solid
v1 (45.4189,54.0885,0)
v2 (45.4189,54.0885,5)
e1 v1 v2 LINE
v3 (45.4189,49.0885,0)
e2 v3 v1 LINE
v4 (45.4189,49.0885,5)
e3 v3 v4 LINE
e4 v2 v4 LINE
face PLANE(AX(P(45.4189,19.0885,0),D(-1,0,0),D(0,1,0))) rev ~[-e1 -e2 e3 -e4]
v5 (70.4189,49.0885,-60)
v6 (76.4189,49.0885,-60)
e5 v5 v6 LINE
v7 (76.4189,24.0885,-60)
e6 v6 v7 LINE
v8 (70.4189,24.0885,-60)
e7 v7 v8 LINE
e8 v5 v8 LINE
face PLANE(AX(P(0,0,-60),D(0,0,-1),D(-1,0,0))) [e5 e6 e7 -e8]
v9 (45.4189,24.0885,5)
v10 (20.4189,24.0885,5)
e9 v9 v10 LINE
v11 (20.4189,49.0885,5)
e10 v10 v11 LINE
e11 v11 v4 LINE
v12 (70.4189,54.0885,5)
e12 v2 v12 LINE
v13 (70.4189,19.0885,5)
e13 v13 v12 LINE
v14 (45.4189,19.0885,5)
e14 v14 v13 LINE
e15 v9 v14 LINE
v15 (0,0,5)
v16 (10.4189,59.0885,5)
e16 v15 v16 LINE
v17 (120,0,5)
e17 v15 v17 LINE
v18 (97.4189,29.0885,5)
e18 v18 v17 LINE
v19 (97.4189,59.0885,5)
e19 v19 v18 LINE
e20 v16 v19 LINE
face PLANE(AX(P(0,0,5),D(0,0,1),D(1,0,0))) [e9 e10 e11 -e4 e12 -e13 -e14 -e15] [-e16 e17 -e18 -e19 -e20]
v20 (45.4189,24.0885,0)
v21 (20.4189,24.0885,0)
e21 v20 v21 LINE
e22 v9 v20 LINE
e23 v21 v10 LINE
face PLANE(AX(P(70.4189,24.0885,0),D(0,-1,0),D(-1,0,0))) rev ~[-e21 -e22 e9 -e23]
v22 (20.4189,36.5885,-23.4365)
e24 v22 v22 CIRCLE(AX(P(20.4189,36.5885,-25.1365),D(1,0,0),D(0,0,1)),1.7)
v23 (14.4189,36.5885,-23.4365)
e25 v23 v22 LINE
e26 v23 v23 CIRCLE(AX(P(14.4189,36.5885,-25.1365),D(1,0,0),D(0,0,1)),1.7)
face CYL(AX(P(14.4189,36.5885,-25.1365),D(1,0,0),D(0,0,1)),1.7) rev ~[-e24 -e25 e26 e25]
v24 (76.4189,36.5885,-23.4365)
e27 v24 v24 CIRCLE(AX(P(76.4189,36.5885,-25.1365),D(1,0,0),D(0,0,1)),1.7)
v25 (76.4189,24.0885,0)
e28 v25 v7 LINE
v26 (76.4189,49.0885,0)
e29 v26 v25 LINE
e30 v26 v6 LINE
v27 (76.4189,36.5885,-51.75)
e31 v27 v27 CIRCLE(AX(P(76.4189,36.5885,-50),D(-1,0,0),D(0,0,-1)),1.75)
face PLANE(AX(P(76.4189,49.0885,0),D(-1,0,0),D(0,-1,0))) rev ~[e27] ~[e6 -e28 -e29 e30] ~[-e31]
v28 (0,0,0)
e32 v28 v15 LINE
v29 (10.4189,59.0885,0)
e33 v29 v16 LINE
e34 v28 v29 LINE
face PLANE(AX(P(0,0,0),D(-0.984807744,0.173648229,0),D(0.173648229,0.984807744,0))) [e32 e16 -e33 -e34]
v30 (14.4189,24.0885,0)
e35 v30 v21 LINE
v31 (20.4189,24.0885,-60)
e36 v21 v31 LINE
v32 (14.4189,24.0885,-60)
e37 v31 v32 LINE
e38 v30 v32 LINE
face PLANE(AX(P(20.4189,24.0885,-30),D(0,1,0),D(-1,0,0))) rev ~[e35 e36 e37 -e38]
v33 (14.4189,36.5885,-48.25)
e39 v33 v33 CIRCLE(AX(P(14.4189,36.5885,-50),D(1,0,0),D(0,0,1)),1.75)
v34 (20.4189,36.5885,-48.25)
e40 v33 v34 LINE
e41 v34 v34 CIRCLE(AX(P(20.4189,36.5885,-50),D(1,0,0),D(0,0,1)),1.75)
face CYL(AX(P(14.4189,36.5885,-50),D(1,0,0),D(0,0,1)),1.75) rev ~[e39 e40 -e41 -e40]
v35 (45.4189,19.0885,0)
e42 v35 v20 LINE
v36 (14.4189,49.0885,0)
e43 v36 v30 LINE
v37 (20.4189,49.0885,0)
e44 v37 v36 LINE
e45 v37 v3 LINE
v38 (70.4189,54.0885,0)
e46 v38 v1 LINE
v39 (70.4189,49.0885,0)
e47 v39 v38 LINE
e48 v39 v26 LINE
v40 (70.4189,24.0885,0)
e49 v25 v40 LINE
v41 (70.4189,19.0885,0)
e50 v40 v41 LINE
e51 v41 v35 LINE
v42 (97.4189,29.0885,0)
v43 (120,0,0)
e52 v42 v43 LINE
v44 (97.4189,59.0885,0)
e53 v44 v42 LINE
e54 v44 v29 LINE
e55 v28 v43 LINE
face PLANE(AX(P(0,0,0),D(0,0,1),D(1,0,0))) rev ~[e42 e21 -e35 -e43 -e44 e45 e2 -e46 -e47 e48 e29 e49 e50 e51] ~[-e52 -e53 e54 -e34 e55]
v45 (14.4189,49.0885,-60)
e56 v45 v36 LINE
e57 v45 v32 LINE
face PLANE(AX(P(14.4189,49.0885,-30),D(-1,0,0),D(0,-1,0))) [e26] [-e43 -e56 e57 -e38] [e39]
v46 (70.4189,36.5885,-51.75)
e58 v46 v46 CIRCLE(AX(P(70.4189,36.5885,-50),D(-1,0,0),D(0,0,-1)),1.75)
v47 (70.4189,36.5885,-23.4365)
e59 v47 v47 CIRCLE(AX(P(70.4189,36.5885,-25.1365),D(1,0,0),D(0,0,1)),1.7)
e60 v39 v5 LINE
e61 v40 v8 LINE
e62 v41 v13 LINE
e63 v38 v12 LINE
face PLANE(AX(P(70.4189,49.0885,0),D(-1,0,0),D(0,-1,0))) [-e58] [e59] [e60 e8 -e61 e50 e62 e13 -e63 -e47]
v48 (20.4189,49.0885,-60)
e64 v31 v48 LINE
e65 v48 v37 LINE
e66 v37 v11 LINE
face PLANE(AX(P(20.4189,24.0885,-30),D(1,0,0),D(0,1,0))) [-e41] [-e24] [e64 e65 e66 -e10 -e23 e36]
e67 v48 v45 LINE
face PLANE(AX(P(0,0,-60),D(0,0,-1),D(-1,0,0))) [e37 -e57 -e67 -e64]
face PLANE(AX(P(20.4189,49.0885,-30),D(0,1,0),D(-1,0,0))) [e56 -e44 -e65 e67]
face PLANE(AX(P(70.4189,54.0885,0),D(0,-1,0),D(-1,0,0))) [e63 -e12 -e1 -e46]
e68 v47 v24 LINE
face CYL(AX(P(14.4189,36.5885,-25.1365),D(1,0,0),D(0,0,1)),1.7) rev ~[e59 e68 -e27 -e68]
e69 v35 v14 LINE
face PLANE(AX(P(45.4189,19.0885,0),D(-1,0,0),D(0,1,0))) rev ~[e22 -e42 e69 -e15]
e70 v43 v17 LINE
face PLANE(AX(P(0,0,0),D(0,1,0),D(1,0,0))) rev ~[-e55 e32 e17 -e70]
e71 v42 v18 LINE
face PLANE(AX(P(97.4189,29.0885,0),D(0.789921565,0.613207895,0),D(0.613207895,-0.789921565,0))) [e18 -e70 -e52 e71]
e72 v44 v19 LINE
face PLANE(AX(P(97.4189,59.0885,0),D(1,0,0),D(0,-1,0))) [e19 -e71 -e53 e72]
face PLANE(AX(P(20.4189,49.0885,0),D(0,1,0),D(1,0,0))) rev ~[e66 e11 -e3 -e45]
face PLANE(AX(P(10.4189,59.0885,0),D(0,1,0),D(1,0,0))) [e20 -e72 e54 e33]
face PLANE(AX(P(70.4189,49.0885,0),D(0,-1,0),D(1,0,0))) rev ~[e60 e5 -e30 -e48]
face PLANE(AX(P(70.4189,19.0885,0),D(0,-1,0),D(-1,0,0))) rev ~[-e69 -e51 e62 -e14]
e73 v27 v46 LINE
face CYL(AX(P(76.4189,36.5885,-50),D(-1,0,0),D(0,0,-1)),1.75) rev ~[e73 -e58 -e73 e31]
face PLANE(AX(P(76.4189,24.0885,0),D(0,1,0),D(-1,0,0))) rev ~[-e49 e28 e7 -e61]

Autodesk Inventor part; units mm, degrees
ref_plane "YZ Plane" through (0, 0, 0) normal (1, 0, 0) x (0, 1, 0)
ref_plane "XZ Plane" through (0, 0, 0) normal (0, 1, 0) x (-1, 0, 0)
ref_plane "XY Plane" through (0, 0, 0) normal (0, 0, 1) x (1, 0, 0)
sketch "Szkic1" plane through (0, 0, 0) normal (0, 0, 1) x (1, 0, 0)
  line L0 (0, 0) -> (120, 0)
  line L1 (0, 0) -> (10.4189, 59.0885)
  line L2 (0, 0) -> (60, 0) construction
  line L3 (10.4189, 59.0885) -> (70.4189, 59.0885)
  line L4 (70.4189, 59.0885) -> (97.4189, 59.0885)
  line L5 (97.4189, 59.0885) -> (97.4189, 29.0885)
  line L6 (97.4189, 29.0885) -> (120, 0)
  line L7 (20.4189, 49.0885) -> (70.4189, 49.0885)
  line L8 (70.4189, 49.0885) -> (70.4189, 24.0885)
  line L9 (70.4189, 24.0885) -> (20.4189, 24.0885)
  line L10 (20.4189, 24.0885) -> (20.4189, 49.0885)
  dimension "d0" = 120
  dimension "d1" = 60
  dimension "d2" = 80
  dimension "d3" = 60
  dimension "d4" = 27
  dimension "d5" = 30
  dimension "d6" = 50
  dimension "d7" = 25
  dimension "d8" = 10
  dimension "d9" = 10
extrude "Wyciągnięcie proste1" add sketch "Szkic1" along normal blind 5
sketch "Szkic2" plane through (0, 0, 0) normal (0, 0, -1) x (-1, 0, 0)
  line L0 (-20.4189, 24.0885) -> (-20.4189, 49.0885) projected
  line L1 (-20.4189, 49.0885) -> (-14.4189, 49.0885)
  line L2 (-14.4189, 49.0885) -> (-14.4189, 24.0885)
  line L3 (-14.4189, 24.0885) -> (-20.4189, 24.0885)
  line L4 (-20.4189, 24.0885) -> (-20.4189, 49.0885)
  point P0 (0, 0)
  dimension "d12" = 6
extrude "Wyciągnięcie proste2" add sketch "Szkic2" along normal blind 30
sketch "Szkic3" plane through (0, 0, -30) normal (0, 0, -1) x (-1, 0, 0)
  line L0 (-20.4189, 24.0885) -> (-20.4189, 49.0885) projected
  line L1 (-20.4189, 24.0885) -> (-14.4189, 24.0885) projected
  line L2 (-20.4189, 49.0885) -> (-14.4189, 49.0885)
  line L3 (-14.4189, 49.0885) -> (-14.4189, 24.0885)
  line L4 (-14.4189, 24.0885) -> (-20.4189, 24.0885)
  line L5 (-20.4189, 24.0885) -> (-20.4189, 49.0885)
  point P0 (0, 0)
extrude "Wyciągnięcie proste3" add sketch "Szkic3" along normal blind 30
sketch "Szkic4" plane through (0, 0, 0) normal (0, 0, -1) x (-1, 0, 0)
  line L0 (-70.4189, 49.0885) -> (-70.4189, 24.0885) projected
  line L1 (-70.4189, 49.0885) -> (-76.4189, 49.0885)
  line L2 (-76.4189, 49.0885) -> (-76.4189, 24.0885)
  line L3 (-76.4189, 24.0885) -> (-70.4189, 24.0885)
  line L4 (-70.4189, 24.0885) -> (-70.4189, 49.0885)
  point P0 (0, 0)
  dimension "d17" = 6
extrude "Wyciągnięcie proste4" add sketch "Szkic4" along normal up to surface (60 mm away)
sketch "Szkic5" plane through (14.4189, 24.0885, 0) normal (-1, 0, 0) x (0, 0, 1)
  line L0 (-60, 0) -> (-60, 25) projected
  point P0 (0, -24.0885)
  point P1 (-50, 12.5)
  point P2 (-60, 12.5)
  dimension "d20" = 10
hole "Otwór1" at (14.4189, 36.5885, -50) direction (1, 0, 0) diameter 3.5 depth 6
sketch "Szkic7" plane through (76.4189, 24.0885, 0) normal (1, 0, 0) x (0, 0, -1)
  circle A0 centre (50, 12.5) radius 1.75 projected
  point P0 (0, -24.0885)
hole "Otwór2" at (76.4189, 36.5885, -50) direction (-1, 0, 0) diameter 3.5 depth 6
sketch "Szkic8" plane through (14.4189, 24.0885, 0) normal (-1, 0, 0) x (0, 0, 1)
  point P0 (0, -24.0885)
  point P1 (-25.1365, 12.5)
hole "Otwór3" at (14.4189, 36.5885, -25.1365) direction (1, 0, 0) diameter 3.4 end through all clearance for "Śruba ze łbem stożkowym ISO 2009/7046" size "M3" standard "ISO"
sketch "Szkic10" plane through (0, 0, 0) normal (0, 0, -1) x (-1, 0, 0)
  line L0 (-70.4189, 49.0885) -> (-70.4189, 24.0885) projected
  line L1 (-70.4189, 49.0885) -> (-70.4189, 54.0885)
  line L2 (-70.4189, 54.0885) -> (-45.4189, 54.0885)
  line L3 (-70.4189, 24.0885) -> (-70.4189, 19.0885)
  line L4 (-70.4189, 19.0885) -> (-45.4189, 19.0885)
  line L5 (-45.4189, 19.0885) -> (-45.4189, 54.0885)
  point P0 (0, 0)
  dimension "d49" = 5
  dimension "d50" = 5
extrude "Wyciągnięcie proste7" cut sketch "Szkic10" against normal blind 10
properties part number "podstawa"
